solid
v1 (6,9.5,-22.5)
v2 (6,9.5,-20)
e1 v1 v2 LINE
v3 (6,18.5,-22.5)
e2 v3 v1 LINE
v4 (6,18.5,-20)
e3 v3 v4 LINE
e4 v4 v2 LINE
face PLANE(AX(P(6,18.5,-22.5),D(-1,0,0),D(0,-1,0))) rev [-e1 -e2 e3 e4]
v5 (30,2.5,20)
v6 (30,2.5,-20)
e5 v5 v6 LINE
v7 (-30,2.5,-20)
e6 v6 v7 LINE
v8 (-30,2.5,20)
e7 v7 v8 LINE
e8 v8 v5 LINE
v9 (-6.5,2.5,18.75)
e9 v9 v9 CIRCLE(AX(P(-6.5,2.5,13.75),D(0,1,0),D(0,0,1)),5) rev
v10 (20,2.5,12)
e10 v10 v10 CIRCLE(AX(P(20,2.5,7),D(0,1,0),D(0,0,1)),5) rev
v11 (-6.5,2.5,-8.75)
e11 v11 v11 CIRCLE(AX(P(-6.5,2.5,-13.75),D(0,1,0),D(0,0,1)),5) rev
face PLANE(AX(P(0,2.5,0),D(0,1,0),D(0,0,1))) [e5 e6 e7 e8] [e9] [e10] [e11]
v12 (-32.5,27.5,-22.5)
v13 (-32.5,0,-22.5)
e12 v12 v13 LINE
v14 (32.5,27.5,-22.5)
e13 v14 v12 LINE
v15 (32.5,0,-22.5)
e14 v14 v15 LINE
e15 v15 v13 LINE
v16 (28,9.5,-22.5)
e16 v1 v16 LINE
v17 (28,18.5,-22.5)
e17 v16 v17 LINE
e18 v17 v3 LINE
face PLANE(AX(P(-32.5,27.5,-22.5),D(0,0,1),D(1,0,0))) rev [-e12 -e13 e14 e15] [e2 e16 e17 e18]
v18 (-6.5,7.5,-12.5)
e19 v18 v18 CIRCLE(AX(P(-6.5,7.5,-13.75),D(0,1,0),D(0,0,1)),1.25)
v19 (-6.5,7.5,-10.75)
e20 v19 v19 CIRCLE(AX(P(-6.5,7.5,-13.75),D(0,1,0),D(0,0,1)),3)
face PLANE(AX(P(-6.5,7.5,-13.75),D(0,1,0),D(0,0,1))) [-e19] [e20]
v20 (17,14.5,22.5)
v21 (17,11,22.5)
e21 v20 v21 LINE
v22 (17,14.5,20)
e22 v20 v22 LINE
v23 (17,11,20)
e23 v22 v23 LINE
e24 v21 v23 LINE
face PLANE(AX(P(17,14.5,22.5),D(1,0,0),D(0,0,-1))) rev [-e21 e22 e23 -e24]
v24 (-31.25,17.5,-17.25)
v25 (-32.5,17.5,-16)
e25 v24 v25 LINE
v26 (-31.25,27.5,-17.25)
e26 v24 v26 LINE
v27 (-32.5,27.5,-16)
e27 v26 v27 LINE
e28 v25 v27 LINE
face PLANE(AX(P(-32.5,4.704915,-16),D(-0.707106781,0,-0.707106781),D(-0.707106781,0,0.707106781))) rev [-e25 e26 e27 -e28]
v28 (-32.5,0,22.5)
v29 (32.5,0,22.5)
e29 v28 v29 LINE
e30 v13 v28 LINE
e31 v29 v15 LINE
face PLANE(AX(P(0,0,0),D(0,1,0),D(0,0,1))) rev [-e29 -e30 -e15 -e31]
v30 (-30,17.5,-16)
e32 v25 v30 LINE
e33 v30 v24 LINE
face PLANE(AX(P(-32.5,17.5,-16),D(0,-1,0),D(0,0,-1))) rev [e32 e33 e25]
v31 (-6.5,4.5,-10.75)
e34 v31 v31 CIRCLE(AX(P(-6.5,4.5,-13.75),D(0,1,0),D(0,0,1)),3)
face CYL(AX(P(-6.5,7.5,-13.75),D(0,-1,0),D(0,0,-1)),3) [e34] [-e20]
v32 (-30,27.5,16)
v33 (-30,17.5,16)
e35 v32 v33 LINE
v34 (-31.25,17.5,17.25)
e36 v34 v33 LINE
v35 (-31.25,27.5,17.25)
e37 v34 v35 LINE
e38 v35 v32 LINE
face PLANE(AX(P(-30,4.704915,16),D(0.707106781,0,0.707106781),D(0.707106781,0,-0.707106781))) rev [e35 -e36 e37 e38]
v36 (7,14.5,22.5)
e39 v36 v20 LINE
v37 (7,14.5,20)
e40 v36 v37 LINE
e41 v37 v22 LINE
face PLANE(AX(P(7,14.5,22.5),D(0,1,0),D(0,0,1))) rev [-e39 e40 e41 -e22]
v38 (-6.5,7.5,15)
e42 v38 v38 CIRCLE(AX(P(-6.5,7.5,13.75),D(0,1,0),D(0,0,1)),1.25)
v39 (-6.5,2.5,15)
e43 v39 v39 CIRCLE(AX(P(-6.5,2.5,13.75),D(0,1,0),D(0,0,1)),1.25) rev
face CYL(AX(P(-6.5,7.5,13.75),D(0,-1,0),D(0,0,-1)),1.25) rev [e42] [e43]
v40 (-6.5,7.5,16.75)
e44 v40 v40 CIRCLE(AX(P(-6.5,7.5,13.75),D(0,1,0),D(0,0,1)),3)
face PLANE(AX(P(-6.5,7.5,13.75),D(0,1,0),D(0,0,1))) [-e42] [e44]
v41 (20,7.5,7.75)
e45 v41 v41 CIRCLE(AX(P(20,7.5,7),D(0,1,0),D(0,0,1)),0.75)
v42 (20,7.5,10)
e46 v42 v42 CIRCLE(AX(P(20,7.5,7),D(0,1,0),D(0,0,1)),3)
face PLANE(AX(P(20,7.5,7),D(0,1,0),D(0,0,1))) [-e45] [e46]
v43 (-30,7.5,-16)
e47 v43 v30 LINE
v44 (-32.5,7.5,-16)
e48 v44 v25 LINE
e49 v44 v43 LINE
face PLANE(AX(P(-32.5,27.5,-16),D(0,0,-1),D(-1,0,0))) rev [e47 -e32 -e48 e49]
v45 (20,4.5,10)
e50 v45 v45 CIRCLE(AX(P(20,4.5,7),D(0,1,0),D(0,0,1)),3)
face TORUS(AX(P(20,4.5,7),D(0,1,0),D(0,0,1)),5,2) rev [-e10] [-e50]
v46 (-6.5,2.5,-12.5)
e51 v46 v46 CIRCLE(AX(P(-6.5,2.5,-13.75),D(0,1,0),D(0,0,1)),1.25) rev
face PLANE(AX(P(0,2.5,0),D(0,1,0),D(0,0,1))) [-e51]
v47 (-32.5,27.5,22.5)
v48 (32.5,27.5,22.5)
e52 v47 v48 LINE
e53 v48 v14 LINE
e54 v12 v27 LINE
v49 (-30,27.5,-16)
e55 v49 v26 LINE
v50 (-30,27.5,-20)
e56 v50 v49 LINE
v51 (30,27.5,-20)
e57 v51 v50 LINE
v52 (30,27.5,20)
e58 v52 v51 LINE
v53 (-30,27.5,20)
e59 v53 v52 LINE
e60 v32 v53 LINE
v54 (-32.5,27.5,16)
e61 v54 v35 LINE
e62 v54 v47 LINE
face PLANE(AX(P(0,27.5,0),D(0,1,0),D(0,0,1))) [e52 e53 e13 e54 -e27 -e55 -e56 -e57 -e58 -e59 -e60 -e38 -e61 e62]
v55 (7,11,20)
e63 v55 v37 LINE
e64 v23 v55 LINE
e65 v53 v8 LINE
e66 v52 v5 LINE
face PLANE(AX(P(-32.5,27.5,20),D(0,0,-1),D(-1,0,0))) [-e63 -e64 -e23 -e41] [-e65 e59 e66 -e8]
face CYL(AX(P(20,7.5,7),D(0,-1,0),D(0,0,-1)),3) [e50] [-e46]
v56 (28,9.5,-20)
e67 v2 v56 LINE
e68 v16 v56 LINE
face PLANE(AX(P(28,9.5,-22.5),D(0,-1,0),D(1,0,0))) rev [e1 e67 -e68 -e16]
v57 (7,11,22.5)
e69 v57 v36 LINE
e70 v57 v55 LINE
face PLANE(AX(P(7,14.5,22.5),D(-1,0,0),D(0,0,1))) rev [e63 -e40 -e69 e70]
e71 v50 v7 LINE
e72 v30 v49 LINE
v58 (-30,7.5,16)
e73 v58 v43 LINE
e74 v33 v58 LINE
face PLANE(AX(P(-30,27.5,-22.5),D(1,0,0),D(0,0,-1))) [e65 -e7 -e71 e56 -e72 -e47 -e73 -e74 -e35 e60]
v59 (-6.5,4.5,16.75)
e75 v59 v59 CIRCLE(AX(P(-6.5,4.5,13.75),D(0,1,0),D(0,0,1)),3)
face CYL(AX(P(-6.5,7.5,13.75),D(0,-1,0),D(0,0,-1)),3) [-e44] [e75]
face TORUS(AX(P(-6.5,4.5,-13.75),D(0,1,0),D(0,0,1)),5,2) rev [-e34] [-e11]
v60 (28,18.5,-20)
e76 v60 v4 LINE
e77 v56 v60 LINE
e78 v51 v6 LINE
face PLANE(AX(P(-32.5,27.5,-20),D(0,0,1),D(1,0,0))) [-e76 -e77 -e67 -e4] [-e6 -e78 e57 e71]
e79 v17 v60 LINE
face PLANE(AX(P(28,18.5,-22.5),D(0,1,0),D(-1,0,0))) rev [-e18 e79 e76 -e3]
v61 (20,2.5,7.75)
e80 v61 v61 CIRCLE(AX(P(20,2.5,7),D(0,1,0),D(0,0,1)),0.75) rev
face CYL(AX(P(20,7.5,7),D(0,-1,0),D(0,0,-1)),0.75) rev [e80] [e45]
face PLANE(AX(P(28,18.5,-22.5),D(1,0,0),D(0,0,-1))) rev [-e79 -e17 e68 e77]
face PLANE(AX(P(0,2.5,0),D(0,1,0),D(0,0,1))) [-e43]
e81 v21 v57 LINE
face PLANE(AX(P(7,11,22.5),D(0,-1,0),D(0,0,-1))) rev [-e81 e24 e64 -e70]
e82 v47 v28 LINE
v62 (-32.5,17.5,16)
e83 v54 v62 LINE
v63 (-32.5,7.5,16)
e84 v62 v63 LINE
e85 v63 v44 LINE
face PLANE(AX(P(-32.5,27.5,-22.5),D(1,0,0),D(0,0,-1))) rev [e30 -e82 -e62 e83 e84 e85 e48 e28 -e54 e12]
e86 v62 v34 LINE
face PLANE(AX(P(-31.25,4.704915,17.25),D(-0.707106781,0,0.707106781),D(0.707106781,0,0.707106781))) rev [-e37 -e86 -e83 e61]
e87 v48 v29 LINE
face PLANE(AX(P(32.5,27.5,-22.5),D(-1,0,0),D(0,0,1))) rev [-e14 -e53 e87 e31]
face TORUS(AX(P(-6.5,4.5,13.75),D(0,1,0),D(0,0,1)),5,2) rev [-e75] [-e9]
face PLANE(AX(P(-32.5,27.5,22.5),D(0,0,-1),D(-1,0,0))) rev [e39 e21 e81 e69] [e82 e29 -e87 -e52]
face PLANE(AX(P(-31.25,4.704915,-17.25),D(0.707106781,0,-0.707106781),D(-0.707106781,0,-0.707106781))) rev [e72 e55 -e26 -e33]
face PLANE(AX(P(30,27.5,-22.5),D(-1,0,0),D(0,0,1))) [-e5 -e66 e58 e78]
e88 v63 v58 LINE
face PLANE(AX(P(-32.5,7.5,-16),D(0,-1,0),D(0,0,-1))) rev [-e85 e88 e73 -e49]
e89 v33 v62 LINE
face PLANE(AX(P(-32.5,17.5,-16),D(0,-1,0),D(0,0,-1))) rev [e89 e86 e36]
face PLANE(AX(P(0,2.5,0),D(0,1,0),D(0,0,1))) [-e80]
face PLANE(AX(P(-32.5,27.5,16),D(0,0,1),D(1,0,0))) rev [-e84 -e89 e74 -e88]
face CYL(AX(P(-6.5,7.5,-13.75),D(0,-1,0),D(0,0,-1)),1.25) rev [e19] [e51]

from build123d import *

# Parameters (mm, degrees)
SKETCH_1_W          = 65
SKETCH_1_H          = 45
EXTRUDE_1_DEPTH     = 27.5
SHELL_1_T           = -2.5
SKETCH_3_W          = 32
SKETCH_3_H          = 20
CUT_EXTRUDE_1_DEPTH = 3.5
CUT_EXTRUDE_2_DEPTH = 10
SKETCH_5_R          = 3
SKETCH_5_R_2        = 1.25
EXTRUDE_2_DEPTH     = 5
SKETCH_6_R          = 3
SKETCH_6_R_2        = 0.75
EXTRUDE_3_DEPTH     = 5
SKETCH_7_W          = 22
SKETCH_7_H          = 9
CUT_EXTRUDE_3_DEPTH = 3.5
SKETCH_8_W          = 10
SKETCH_8_H          = 3.5
CUT_EXTRUDE_4_DEPTH = 3.5
FILLET_1_R          = 2


with BuildPart() as part:
    # 草图1 → 凸台-拉伸1 (new body)
    with BuildSketch(Plane(origin=(0, 0, 0), x_dir=(1, 0, 0), z_dir=(0, 1, 0))):
        Rectangle(SKETCH_1_W, SKETCH_1_H)
    extrude(amount=EXTRUDE_1_DEPTH)

    # 抽壳1
    shell_1_openings = [part.faces().sort_by_distance(p)[0] for p in [
        (0, 27.5, 0),
    ]]
    offset(amount=SHELL_1_T, openings=shell_1_openings, kind=Kind.INTERSECTION)

    # 草图3 → 切除-拉伸1 (cut, through all)
    with BuildSketch(Plane(origin=(-30, 0, 0), x_dir=(0, 0, -1), z_dir=(1, 0, 0))):
        with Locations((0, 17.5)):
            Rectangle(SKETCH_3_W, SKETCH_3_H)
    extrude(amount=-CUT_EXTRUDE_1_DEPTH, mode=Mode.SUBTRACT)

    # 草图4 → 切除-拉伸2 (cut)
    with BuildSketch(Plane(origin=(0, 27.5, 0), x_dir=(1, 0, 0), z_dir=(0, 1, 0))):
        Polygon((-32.5, 16), (-31.25, 17.25), (-30, 16), align=None)
        Polygon((-32.5, -16), (-30, -16), (-31.25, -17.25), align=None)
    extrude(amount=-CUT_EXTRUDE_2_DEPTH, mode=Mode.SUBTRACT)

    # 草图5 → 凸台-拉伸2 (add)
    with BuildSketch(Plane(origin=(0, 2.5, 0), x_dir=(1, 0, 0), z_dir=(0, 1, 0))):
        with Locations((-6.5, 13.75)):
            Circle(SKETCH_5_R)
        with Locations((-6.5, 13.75)):
            Circle(SKETCH_5_R_2, mode=Mode.SUBTRACT)
        with Locations((-6.5, -13.75)):
            Circle(SKETCH_5_R)
        with Locations((-6.5, -13.75)):
            Circle(SKETCH_5_R_2, mode=Mode.SUBTRACT)
    extrude(amount=EXTRUDE_2_DEPTH)

    # 草图6 → 凸台-拉伸3 (add)
    with BuildSketch(Plane(origin=(0, 2.5, 0), x_dir=(1, 0, 0), z_dir=(0, 1, 0))):
        with Locations((20, -7)):
            Circle(SKETCH_6_R)
        with Locations((20, -7)):
            Circle(SKETCH_6_R_2, mode=Mode.SUBTRACT)
    extrude(amount=EXTRUDE_3_DEPTH)

    # 草图7 → 切除-拉伸3 (cut, through all)
    with BuildSketch(Plane.XY.offset(-20)):
        with Locations((17, 14)):
            Rectangle(SKETCH_7_W, SKETCH_7_H)
    extrude(amount=-CUT_EXTRUDE_3_DEPTH, mode=Mode.SUBTRACT)

    # 草图8 → 切除-拉伸4 (cut, through all)
    with BuildSketch(Plane(origin=(0, 0, 20), x_dir=(-1, 0, 0), z_dir=(0, 0, -1))):
        with Locations((-12, 12.75)):
            Rectangle(SKETCH_8_W, SKETCH_8_H)
    extrude(amount=-CUT_EXTRUDE_4_DEPTH, mode=Mode.SUBTRACT)

    # 圆角1
    fillet_1_edges = [part.edges().sort_by_distance(p)[0] for p in [
        (-9.5, 2.5, -13.75),
        (-9.5, 2.5, 13.75),
        (17, 2.5, 7),
    ]]
    fillet(fillet_1_edges, radius=FILLET_1_R)


solid = part.part
